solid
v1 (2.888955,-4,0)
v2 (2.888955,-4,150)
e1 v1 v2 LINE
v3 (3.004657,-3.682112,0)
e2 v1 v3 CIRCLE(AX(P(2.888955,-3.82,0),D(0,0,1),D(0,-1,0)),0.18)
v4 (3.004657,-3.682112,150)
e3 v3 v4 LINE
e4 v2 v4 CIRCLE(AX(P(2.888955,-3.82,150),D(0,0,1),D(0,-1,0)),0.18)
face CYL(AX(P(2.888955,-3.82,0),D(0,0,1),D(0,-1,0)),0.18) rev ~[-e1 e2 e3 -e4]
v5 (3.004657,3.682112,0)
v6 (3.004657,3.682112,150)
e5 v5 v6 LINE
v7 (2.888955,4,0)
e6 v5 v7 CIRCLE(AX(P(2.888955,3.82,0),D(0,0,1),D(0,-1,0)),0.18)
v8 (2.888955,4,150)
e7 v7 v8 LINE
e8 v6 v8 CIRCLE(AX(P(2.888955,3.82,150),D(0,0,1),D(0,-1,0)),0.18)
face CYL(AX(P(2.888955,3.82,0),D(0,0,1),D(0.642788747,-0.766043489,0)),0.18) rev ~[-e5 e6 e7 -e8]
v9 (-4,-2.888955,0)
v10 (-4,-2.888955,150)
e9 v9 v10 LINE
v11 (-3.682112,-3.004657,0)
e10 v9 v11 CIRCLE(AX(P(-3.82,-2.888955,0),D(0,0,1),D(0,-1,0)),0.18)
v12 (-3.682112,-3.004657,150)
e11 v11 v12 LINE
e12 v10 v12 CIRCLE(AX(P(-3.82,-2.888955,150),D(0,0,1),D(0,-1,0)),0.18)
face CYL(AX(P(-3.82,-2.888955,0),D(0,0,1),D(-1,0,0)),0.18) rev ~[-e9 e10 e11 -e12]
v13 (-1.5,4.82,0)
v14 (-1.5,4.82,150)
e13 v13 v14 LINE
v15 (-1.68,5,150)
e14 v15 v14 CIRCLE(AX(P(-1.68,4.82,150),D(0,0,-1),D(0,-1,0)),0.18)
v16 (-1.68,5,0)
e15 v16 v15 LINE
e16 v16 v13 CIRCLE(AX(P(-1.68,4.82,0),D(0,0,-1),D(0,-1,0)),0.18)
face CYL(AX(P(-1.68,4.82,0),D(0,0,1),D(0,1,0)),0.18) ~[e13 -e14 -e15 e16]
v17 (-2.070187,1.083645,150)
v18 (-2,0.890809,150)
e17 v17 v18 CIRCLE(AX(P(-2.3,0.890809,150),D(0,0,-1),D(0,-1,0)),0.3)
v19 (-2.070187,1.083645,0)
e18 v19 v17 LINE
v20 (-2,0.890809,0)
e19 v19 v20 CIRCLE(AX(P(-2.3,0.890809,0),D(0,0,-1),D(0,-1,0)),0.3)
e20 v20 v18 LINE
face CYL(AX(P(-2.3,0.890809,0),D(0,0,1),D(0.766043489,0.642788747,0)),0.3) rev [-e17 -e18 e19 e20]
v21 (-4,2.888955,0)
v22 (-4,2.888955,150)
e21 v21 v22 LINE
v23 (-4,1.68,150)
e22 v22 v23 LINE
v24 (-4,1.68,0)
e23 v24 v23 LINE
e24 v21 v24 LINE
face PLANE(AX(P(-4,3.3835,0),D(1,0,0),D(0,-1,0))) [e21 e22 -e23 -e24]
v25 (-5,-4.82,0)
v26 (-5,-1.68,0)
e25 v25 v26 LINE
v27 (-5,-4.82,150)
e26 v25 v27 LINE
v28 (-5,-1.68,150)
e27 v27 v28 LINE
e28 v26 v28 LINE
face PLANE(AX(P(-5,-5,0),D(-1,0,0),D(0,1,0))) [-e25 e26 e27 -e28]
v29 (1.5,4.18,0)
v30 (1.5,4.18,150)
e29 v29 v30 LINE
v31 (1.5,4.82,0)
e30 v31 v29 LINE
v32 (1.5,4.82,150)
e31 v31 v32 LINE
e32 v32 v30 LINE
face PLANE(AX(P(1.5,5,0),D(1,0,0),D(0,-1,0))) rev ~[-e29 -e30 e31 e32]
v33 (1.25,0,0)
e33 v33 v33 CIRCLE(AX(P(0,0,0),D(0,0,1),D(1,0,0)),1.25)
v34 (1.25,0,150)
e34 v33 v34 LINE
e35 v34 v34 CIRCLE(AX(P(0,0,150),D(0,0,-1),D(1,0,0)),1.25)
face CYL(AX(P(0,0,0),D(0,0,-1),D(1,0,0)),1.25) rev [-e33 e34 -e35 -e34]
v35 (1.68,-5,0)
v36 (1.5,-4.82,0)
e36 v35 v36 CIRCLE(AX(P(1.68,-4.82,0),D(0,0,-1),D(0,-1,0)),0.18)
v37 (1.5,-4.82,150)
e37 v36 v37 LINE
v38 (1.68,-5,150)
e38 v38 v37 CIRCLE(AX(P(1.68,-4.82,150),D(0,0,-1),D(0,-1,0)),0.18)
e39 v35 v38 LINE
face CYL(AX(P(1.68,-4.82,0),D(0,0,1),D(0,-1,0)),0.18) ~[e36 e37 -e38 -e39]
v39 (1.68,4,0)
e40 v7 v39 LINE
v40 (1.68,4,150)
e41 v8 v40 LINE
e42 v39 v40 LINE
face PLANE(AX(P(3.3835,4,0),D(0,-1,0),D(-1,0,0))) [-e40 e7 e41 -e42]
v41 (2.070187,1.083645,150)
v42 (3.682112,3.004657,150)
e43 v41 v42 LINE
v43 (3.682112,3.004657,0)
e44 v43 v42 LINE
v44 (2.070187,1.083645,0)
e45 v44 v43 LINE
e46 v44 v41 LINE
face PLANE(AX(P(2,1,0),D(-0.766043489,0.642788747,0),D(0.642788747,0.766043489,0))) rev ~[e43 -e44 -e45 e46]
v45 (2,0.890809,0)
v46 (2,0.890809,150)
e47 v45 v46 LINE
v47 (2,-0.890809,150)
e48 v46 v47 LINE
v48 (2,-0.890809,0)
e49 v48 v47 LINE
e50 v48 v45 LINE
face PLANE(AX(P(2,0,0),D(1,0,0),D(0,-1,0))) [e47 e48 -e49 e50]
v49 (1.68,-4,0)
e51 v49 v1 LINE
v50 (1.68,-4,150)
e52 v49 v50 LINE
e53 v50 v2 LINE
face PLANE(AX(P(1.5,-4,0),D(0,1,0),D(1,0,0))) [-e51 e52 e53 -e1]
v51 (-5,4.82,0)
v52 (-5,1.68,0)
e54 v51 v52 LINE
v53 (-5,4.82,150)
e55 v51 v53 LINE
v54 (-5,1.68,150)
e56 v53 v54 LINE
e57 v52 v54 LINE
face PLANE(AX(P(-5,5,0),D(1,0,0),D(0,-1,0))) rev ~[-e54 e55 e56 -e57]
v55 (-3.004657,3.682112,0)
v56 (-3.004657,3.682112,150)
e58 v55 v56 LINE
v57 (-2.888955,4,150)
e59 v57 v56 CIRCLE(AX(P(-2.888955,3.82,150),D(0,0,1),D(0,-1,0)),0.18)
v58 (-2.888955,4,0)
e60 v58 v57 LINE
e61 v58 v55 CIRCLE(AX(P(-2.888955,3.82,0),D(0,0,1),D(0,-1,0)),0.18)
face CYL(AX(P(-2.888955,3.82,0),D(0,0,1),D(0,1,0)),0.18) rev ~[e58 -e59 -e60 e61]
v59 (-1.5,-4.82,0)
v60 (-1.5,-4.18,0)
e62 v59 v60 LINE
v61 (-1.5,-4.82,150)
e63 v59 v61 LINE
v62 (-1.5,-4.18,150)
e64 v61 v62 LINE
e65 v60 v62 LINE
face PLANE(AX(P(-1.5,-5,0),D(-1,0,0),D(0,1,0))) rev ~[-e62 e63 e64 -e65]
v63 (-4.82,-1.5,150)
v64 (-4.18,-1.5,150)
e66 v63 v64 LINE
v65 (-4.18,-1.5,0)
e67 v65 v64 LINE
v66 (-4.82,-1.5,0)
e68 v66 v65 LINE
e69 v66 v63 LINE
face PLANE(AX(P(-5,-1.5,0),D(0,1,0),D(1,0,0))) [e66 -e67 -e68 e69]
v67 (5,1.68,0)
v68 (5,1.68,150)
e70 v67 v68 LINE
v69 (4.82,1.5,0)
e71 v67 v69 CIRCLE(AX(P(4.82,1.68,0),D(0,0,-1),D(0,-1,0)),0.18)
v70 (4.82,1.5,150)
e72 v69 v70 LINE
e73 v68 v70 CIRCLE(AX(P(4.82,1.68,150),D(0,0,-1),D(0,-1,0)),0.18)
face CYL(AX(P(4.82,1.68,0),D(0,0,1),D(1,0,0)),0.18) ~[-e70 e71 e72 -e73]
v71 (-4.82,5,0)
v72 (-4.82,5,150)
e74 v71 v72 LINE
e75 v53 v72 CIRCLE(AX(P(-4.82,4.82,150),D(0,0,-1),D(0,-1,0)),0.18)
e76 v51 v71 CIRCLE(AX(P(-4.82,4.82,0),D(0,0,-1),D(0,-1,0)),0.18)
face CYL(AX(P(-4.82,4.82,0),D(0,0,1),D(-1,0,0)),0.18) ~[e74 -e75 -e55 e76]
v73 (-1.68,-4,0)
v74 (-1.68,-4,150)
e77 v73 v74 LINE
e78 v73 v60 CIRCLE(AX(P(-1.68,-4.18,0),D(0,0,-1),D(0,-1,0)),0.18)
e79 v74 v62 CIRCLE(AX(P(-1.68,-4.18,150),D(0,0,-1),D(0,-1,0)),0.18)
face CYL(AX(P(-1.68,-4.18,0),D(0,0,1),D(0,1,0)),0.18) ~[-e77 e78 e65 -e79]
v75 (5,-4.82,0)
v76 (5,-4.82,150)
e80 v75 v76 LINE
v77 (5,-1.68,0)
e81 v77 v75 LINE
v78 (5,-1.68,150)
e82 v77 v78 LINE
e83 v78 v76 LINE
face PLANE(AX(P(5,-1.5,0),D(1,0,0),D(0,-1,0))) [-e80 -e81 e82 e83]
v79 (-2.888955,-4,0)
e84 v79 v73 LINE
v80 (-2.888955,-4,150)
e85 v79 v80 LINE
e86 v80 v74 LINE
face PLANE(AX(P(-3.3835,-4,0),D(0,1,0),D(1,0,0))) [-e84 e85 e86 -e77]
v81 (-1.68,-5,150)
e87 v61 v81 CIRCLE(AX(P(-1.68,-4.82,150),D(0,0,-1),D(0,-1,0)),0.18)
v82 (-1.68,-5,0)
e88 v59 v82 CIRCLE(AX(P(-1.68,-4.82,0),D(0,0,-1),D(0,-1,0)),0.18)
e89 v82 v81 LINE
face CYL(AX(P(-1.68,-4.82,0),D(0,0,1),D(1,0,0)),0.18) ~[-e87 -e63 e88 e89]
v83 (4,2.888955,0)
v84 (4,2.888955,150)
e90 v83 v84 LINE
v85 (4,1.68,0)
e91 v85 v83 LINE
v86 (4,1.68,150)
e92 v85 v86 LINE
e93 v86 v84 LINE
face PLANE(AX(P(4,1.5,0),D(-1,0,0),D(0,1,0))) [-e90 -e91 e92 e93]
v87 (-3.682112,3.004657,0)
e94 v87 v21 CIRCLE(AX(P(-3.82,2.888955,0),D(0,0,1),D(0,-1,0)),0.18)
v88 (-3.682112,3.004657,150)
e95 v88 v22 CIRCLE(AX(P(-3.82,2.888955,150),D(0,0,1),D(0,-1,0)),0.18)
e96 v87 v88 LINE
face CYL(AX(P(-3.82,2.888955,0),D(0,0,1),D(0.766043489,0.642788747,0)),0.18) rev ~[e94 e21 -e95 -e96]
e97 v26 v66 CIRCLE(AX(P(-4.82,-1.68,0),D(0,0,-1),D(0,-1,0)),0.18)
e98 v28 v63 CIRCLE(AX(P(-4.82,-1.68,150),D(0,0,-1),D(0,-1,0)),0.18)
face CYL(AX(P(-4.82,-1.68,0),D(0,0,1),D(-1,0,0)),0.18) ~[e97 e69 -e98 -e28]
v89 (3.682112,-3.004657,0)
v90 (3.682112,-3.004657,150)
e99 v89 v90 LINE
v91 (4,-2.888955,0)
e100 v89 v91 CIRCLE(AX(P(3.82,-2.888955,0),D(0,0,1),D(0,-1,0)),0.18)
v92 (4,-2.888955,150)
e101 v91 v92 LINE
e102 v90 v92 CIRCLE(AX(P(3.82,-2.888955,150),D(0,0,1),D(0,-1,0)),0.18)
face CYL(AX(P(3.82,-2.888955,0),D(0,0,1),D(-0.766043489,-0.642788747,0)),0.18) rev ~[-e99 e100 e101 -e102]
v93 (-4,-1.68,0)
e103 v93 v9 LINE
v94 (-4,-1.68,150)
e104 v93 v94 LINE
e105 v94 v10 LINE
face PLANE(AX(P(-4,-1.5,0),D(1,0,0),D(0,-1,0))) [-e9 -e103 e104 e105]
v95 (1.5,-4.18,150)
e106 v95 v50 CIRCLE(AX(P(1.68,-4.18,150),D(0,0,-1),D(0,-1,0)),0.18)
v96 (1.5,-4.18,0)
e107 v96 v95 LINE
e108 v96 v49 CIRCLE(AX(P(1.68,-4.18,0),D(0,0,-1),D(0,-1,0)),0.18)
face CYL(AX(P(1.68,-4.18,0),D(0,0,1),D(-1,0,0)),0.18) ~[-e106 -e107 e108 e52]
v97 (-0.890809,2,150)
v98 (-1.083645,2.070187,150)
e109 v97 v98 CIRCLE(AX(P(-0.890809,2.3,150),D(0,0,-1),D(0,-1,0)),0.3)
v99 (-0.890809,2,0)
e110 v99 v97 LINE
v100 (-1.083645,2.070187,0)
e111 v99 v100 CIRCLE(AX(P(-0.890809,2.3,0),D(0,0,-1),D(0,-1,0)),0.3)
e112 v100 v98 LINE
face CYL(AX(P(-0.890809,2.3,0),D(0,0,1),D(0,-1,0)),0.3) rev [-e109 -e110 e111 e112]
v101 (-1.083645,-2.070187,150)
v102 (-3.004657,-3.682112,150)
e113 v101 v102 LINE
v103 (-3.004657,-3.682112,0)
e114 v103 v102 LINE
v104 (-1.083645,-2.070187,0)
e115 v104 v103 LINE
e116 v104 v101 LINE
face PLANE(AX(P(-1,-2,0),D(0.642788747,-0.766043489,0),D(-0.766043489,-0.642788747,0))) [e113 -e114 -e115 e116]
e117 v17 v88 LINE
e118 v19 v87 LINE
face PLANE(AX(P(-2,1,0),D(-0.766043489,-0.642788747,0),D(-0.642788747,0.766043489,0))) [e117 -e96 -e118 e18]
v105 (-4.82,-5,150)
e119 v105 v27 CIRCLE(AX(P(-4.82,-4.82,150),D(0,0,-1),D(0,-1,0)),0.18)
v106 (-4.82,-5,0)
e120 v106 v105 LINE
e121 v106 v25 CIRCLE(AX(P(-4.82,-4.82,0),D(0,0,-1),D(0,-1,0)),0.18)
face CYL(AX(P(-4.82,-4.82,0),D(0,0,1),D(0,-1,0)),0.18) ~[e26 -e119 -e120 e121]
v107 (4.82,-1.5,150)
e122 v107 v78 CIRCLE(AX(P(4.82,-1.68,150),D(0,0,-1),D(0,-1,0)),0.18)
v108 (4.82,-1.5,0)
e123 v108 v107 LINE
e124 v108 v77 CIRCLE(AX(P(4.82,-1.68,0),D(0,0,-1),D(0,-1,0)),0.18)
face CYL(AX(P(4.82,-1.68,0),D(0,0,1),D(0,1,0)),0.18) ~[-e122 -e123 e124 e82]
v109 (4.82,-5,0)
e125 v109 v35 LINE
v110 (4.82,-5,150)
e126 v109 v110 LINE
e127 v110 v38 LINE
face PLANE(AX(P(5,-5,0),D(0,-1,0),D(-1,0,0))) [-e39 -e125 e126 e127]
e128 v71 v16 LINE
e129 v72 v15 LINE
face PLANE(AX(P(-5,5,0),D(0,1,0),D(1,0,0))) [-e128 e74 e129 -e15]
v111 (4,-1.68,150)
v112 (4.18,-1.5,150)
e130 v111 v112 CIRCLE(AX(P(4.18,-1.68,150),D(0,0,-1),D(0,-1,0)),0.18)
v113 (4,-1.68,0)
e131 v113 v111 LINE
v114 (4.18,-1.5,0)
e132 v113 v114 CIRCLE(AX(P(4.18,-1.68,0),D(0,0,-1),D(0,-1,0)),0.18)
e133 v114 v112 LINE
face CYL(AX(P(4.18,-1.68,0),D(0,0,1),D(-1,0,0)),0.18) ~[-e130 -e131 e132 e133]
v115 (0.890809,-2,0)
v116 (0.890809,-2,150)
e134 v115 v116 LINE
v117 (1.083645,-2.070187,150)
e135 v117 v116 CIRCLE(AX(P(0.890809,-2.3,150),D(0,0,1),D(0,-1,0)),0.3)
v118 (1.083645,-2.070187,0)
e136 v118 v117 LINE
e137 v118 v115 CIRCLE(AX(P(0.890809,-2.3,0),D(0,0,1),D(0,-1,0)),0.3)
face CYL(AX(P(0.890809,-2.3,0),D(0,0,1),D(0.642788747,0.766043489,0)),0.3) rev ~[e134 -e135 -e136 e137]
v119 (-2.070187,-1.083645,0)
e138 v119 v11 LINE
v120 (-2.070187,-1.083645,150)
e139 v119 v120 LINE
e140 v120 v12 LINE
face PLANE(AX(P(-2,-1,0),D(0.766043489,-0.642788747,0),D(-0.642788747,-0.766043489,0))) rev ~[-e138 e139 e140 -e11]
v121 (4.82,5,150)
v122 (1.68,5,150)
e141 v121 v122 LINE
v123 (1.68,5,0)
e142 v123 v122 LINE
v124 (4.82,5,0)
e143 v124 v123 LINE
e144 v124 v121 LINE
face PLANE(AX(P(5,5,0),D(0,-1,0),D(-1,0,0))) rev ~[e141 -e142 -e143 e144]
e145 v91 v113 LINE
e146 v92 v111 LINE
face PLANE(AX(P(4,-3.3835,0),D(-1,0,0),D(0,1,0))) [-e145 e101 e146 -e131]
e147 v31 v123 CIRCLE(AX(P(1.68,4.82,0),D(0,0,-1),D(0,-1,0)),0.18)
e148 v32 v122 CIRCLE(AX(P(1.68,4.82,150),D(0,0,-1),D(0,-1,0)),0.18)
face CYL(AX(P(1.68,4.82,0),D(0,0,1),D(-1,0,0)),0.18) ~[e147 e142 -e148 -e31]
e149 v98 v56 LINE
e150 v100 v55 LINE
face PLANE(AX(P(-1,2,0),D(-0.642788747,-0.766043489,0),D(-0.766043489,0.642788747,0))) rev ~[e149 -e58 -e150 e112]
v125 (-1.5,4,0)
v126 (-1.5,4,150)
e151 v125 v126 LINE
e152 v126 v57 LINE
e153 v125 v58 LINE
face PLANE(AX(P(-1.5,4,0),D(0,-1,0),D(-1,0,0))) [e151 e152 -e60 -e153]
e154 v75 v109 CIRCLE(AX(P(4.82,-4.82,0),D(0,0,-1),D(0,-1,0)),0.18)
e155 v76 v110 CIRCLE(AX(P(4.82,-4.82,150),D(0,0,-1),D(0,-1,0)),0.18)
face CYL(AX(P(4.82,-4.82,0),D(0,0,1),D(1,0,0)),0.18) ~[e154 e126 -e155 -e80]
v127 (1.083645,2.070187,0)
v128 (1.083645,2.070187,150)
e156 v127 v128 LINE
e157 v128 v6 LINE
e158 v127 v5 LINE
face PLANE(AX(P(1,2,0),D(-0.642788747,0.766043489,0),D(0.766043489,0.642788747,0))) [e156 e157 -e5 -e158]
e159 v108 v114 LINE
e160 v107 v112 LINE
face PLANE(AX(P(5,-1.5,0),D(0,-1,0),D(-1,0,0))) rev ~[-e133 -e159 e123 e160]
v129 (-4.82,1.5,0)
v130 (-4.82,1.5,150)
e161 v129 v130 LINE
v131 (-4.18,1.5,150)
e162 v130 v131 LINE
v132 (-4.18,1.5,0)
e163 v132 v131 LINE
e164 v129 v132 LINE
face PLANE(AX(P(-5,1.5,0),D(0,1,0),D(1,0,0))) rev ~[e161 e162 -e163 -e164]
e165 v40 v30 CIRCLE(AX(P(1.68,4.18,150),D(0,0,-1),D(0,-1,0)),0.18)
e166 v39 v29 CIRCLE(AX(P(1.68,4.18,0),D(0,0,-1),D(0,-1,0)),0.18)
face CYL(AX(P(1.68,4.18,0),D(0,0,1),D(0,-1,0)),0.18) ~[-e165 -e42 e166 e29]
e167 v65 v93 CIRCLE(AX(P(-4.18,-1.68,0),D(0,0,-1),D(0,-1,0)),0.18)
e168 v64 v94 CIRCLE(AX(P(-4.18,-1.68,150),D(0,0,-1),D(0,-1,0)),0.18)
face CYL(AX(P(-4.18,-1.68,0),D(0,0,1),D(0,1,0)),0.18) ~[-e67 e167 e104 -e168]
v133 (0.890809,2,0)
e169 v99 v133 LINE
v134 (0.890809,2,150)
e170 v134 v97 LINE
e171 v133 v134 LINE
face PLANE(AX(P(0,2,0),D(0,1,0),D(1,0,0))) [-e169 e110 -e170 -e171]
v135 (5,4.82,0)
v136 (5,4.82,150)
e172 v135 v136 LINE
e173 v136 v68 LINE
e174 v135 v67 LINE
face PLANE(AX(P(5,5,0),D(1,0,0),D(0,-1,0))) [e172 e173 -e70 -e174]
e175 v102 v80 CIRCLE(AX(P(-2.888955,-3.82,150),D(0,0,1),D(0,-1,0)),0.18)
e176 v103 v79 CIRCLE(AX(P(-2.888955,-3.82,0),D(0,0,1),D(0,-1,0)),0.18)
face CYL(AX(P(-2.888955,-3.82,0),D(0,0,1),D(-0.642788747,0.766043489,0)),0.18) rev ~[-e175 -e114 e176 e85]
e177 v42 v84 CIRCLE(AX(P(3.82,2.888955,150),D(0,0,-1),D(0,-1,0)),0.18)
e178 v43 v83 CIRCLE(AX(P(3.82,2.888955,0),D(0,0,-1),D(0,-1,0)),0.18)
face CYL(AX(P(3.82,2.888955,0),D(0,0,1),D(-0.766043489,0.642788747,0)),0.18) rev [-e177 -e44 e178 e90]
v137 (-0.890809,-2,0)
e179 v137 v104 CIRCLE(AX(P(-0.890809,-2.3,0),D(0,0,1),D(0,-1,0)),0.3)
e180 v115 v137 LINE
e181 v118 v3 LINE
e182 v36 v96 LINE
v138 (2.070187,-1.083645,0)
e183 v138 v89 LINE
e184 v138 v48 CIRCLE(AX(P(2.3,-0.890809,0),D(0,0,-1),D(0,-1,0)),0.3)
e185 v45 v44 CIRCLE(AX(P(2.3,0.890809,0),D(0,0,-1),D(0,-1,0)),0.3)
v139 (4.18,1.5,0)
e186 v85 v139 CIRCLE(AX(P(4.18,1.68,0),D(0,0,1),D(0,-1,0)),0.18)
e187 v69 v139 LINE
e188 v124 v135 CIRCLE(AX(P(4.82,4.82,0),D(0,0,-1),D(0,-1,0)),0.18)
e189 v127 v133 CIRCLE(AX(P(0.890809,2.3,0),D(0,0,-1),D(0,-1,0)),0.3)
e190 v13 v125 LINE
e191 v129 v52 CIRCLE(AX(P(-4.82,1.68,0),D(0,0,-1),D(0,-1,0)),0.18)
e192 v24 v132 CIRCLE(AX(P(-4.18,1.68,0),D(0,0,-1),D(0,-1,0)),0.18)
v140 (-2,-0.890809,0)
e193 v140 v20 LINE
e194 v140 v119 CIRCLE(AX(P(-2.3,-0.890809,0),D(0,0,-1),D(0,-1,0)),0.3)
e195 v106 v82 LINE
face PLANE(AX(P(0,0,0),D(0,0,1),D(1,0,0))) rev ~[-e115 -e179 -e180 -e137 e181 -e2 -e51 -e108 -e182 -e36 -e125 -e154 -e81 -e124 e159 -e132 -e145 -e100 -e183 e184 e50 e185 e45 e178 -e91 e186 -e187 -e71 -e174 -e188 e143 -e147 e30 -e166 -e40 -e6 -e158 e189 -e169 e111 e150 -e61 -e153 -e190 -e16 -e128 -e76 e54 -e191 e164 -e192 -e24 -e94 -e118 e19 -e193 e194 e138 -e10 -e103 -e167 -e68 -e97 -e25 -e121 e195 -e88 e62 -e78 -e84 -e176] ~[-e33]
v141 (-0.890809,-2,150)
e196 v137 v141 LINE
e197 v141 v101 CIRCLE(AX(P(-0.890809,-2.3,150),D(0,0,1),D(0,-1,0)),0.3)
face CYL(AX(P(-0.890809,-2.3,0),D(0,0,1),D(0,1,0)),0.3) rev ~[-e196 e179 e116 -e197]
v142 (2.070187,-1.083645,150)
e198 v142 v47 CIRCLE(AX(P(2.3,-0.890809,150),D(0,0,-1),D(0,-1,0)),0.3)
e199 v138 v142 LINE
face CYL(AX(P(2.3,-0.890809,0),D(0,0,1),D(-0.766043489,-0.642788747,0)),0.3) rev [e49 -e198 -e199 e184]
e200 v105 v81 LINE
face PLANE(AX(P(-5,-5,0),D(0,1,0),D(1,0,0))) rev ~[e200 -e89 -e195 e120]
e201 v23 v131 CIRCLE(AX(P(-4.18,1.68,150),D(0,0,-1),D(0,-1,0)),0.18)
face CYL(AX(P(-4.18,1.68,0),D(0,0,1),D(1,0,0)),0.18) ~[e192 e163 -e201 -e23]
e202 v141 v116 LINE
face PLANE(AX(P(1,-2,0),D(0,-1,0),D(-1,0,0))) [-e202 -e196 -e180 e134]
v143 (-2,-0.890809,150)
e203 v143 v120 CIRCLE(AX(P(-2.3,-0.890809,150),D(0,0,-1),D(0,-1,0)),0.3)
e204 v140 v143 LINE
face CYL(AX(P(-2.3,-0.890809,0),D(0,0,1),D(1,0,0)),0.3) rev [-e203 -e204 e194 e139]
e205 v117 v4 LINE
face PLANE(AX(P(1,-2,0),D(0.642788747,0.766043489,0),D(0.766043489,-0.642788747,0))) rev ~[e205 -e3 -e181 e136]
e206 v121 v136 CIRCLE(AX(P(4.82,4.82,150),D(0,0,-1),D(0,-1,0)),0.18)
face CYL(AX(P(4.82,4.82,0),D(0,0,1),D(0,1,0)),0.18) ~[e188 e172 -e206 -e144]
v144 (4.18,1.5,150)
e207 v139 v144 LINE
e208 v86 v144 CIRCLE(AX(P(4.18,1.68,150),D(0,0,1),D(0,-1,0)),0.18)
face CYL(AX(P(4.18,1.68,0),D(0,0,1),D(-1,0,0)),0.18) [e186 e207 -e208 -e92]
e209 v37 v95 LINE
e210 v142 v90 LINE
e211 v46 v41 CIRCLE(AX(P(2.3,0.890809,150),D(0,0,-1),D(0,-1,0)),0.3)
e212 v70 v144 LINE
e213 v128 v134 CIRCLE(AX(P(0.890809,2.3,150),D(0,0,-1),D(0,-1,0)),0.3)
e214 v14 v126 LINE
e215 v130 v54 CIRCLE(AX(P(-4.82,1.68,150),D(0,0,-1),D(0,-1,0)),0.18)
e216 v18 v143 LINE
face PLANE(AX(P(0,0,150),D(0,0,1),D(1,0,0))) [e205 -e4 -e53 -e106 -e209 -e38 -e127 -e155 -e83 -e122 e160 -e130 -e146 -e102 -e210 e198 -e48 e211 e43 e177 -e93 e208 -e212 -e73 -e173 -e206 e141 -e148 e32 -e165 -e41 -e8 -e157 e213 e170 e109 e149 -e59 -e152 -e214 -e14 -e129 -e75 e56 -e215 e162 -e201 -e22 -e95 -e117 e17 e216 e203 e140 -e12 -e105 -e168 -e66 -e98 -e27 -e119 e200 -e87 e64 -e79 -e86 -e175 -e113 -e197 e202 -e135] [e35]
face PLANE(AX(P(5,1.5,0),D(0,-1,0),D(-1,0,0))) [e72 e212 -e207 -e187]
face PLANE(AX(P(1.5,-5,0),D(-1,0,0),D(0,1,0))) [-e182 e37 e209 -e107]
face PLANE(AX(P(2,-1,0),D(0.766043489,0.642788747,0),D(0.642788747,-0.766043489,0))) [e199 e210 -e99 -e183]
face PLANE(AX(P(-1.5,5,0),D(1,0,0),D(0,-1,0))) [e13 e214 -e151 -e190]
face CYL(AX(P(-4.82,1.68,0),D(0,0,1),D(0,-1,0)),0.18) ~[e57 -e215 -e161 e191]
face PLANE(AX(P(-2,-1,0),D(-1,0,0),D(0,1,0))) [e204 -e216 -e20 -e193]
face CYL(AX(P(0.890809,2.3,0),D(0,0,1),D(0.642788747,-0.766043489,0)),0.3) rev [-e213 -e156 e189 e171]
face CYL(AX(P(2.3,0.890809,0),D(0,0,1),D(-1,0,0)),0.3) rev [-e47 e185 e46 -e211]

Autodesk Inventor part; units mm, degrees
ref_plane "YZ Plane" through (0, 0, 0) normal (1, 0, 0) x (0, 1, 0)
ref_plane "XZ Plane" through (0, 0, 0) normal (0, 1, 0) x (-1, 0, 0)
ref_plane "XY Plane" through (0, 0, 0) normal (0, 0, 1) x (1, 0, 0)
sketch "Sketch1" plane through (0, 0, 0) normal (0, 0, 1) x (1, 0, 0)
  circle A0 centre (0, 0) radius 1.25
  line L0 (0, -7) -> (0, 7)
  line L1 (-7.0223, 0) -> (7.1337, 0)
  line L2 (5, 5) -> (1.5, 5)
  line L3 (1.5, 5) -> (1.5, 4)
  line L4 (5, 5) -> (5, 1.5)
  line L5 (-1, 2) -> (1, 2)
  line L6 (2, 1) -> (2, -1)
  line L7 (1, -2) -> (-1, -2)
  line L8 (-2, -1) -> (-2, 1)
  line L9 (1, 2) -> (3.3835, 4)
  line L10 (2, 2) -> (4.1114, 2) construction
  line L11 (3.3835, 4) -> (1.5, 4)
  line L12 (2, 1) -> (4, 3.3835)
  line L13 (2, 1) -> (5.1114, 1) construction
  line L14 (5, 1.5) -> (4, 1.5)
  line L15 (4, 1.5) -> (4, 3.3835)
  line L16 (5, 5) -> (5, 1.5)
  line L17 (-5, 5) -> (-1.5, 5)
  line L18 (1.5, 5) -> (5, 5)
  line L19 (5, 5) -> (5, 1.5)
  line L20 (5, 0) -> (5, -5)
  line L21 (-2, 1) -> (-4, 3.3835)
  line L22 (-4, 3.3835) -> (-4, 1.5)
  line L23 (-5, 1.5) -> (-4, 1.5)
  line L24 (-5, 5) -> (-5, 1.5)
  line L25 (-5, 5) -> (-1.5, 5)
  line L26 (-1.5, 5) -> (-1.5, 4)
  line L27 (-1.5, 4) -> (-3.3835, 4)
  line L28 (-1, 2) -> (-3.3835, 4)
  line L29 (-1, -2) -> (-3.3835, -4)
  line L30 (-3.3835, -4) -> (-1.5, -4)
  line L31 (-1.5, -5) -> (-1.5, -4)
  line L32 (-5, -5) -> (-1.5, -5)
  line L33 (-5, -5) -> (-5, -1.5)
  line L34 (-5, -1.5) -> (-4, -1.5)
  line L35 (-4, -1.5) -> (-4, -3.3835)
  line L36 (-2, -1) -> (-4, -3.3835)
  line L37 (2, -1) -> (4, -3.3835)
  line L38 (4, -3.3835) -> (4, -1.5)
  line L39 (5, -1.5) -> (4, -1.5)
  line L40 (5, -5) -> (5, -1.5)
  line L41 (5, -5) -> (1.5, -5)
  line L42 (1.5, -5) -> (1.5, -4)
  line L43 (1.5, -4) -> (3.3835, -4)
  line L44 (1, -2) -> (3.3835, -4)
  line L45 (-5, -5) -> (-5, -1.5)
  line L46 (-5, 1.5) -> (-5, 5)
  line L47 (5, -5) -> (1.5, -5)
  line L48 (-1.5, -5) -> (-5, -5)
  dimension "d0" = 2.5
  dimension "d3" = 3.5
  dimension "d4" = 1
  dimension "d5" = 90
  dimension "d6" = 3.5
  dimension "d10" = 2
  dimension "d11" = 40
  dimension "d13" = 50
  dimension "d14" = 1
  dimension "d17" = 360
  dimension "d19" = 3.1115
extrude "length" add sketch "Sketch1" along normal blind 150 contours L1 L6 L37 L38 L39 L20 L41 L42 L43 L44 L7 L0 A0 | A0 L0 L5 L9 L11 L3 L2 L4 L14 L15 L12 L6 L1 | A0 L1 L8 L21 L22 L23 L24 L17 L26 L27 L28 L5 L0 | L0 L7 L29 L30 L31 L32 L33 L34 L35 L36 L8 L1 A0
fillet "Fillet1" radius 0.18 27 edges at (-1.5, 5, 75) (-5, 5, 75) (-5, 1.5, 75) (-4, 1.5, 75) (-4, 3.3835, 75) (-3.3835, 4, 75) (4, 3.3835, 75) (3.3835, 4, 75) (5, 5, 75) (1.5, 5, 75) (1.5, 4, 75) (4, 1.5, 75) (5, 1.5, 75) (5, -1.5, 75) (4, -1.5, 75) (5, -5, 75) (1.5, -5, 75) (1.5, -4, 75) (3.3835, -4, 75) (4, -3.3835, 75) (-4, -1.5, 75) (-5, -1.5, 75) (-4, -3.3835, 75) (-3.3835, -4, 75) (-1.5, -4, 75) (-1.5, -5, 75) (-5, -5, 75)
fillet "Fillet2" radius 0.3 8 edges at (-1, 2, 75) (1, 2, 75) (2, 1, 75) (2, -1, 75) (1, -2, 75) (-1, -2, 75) (-2, -1, 75) (-2, 1, 75)
thread "Thread1"
thread "Thread2"
properties part number "Beam_15mm"
